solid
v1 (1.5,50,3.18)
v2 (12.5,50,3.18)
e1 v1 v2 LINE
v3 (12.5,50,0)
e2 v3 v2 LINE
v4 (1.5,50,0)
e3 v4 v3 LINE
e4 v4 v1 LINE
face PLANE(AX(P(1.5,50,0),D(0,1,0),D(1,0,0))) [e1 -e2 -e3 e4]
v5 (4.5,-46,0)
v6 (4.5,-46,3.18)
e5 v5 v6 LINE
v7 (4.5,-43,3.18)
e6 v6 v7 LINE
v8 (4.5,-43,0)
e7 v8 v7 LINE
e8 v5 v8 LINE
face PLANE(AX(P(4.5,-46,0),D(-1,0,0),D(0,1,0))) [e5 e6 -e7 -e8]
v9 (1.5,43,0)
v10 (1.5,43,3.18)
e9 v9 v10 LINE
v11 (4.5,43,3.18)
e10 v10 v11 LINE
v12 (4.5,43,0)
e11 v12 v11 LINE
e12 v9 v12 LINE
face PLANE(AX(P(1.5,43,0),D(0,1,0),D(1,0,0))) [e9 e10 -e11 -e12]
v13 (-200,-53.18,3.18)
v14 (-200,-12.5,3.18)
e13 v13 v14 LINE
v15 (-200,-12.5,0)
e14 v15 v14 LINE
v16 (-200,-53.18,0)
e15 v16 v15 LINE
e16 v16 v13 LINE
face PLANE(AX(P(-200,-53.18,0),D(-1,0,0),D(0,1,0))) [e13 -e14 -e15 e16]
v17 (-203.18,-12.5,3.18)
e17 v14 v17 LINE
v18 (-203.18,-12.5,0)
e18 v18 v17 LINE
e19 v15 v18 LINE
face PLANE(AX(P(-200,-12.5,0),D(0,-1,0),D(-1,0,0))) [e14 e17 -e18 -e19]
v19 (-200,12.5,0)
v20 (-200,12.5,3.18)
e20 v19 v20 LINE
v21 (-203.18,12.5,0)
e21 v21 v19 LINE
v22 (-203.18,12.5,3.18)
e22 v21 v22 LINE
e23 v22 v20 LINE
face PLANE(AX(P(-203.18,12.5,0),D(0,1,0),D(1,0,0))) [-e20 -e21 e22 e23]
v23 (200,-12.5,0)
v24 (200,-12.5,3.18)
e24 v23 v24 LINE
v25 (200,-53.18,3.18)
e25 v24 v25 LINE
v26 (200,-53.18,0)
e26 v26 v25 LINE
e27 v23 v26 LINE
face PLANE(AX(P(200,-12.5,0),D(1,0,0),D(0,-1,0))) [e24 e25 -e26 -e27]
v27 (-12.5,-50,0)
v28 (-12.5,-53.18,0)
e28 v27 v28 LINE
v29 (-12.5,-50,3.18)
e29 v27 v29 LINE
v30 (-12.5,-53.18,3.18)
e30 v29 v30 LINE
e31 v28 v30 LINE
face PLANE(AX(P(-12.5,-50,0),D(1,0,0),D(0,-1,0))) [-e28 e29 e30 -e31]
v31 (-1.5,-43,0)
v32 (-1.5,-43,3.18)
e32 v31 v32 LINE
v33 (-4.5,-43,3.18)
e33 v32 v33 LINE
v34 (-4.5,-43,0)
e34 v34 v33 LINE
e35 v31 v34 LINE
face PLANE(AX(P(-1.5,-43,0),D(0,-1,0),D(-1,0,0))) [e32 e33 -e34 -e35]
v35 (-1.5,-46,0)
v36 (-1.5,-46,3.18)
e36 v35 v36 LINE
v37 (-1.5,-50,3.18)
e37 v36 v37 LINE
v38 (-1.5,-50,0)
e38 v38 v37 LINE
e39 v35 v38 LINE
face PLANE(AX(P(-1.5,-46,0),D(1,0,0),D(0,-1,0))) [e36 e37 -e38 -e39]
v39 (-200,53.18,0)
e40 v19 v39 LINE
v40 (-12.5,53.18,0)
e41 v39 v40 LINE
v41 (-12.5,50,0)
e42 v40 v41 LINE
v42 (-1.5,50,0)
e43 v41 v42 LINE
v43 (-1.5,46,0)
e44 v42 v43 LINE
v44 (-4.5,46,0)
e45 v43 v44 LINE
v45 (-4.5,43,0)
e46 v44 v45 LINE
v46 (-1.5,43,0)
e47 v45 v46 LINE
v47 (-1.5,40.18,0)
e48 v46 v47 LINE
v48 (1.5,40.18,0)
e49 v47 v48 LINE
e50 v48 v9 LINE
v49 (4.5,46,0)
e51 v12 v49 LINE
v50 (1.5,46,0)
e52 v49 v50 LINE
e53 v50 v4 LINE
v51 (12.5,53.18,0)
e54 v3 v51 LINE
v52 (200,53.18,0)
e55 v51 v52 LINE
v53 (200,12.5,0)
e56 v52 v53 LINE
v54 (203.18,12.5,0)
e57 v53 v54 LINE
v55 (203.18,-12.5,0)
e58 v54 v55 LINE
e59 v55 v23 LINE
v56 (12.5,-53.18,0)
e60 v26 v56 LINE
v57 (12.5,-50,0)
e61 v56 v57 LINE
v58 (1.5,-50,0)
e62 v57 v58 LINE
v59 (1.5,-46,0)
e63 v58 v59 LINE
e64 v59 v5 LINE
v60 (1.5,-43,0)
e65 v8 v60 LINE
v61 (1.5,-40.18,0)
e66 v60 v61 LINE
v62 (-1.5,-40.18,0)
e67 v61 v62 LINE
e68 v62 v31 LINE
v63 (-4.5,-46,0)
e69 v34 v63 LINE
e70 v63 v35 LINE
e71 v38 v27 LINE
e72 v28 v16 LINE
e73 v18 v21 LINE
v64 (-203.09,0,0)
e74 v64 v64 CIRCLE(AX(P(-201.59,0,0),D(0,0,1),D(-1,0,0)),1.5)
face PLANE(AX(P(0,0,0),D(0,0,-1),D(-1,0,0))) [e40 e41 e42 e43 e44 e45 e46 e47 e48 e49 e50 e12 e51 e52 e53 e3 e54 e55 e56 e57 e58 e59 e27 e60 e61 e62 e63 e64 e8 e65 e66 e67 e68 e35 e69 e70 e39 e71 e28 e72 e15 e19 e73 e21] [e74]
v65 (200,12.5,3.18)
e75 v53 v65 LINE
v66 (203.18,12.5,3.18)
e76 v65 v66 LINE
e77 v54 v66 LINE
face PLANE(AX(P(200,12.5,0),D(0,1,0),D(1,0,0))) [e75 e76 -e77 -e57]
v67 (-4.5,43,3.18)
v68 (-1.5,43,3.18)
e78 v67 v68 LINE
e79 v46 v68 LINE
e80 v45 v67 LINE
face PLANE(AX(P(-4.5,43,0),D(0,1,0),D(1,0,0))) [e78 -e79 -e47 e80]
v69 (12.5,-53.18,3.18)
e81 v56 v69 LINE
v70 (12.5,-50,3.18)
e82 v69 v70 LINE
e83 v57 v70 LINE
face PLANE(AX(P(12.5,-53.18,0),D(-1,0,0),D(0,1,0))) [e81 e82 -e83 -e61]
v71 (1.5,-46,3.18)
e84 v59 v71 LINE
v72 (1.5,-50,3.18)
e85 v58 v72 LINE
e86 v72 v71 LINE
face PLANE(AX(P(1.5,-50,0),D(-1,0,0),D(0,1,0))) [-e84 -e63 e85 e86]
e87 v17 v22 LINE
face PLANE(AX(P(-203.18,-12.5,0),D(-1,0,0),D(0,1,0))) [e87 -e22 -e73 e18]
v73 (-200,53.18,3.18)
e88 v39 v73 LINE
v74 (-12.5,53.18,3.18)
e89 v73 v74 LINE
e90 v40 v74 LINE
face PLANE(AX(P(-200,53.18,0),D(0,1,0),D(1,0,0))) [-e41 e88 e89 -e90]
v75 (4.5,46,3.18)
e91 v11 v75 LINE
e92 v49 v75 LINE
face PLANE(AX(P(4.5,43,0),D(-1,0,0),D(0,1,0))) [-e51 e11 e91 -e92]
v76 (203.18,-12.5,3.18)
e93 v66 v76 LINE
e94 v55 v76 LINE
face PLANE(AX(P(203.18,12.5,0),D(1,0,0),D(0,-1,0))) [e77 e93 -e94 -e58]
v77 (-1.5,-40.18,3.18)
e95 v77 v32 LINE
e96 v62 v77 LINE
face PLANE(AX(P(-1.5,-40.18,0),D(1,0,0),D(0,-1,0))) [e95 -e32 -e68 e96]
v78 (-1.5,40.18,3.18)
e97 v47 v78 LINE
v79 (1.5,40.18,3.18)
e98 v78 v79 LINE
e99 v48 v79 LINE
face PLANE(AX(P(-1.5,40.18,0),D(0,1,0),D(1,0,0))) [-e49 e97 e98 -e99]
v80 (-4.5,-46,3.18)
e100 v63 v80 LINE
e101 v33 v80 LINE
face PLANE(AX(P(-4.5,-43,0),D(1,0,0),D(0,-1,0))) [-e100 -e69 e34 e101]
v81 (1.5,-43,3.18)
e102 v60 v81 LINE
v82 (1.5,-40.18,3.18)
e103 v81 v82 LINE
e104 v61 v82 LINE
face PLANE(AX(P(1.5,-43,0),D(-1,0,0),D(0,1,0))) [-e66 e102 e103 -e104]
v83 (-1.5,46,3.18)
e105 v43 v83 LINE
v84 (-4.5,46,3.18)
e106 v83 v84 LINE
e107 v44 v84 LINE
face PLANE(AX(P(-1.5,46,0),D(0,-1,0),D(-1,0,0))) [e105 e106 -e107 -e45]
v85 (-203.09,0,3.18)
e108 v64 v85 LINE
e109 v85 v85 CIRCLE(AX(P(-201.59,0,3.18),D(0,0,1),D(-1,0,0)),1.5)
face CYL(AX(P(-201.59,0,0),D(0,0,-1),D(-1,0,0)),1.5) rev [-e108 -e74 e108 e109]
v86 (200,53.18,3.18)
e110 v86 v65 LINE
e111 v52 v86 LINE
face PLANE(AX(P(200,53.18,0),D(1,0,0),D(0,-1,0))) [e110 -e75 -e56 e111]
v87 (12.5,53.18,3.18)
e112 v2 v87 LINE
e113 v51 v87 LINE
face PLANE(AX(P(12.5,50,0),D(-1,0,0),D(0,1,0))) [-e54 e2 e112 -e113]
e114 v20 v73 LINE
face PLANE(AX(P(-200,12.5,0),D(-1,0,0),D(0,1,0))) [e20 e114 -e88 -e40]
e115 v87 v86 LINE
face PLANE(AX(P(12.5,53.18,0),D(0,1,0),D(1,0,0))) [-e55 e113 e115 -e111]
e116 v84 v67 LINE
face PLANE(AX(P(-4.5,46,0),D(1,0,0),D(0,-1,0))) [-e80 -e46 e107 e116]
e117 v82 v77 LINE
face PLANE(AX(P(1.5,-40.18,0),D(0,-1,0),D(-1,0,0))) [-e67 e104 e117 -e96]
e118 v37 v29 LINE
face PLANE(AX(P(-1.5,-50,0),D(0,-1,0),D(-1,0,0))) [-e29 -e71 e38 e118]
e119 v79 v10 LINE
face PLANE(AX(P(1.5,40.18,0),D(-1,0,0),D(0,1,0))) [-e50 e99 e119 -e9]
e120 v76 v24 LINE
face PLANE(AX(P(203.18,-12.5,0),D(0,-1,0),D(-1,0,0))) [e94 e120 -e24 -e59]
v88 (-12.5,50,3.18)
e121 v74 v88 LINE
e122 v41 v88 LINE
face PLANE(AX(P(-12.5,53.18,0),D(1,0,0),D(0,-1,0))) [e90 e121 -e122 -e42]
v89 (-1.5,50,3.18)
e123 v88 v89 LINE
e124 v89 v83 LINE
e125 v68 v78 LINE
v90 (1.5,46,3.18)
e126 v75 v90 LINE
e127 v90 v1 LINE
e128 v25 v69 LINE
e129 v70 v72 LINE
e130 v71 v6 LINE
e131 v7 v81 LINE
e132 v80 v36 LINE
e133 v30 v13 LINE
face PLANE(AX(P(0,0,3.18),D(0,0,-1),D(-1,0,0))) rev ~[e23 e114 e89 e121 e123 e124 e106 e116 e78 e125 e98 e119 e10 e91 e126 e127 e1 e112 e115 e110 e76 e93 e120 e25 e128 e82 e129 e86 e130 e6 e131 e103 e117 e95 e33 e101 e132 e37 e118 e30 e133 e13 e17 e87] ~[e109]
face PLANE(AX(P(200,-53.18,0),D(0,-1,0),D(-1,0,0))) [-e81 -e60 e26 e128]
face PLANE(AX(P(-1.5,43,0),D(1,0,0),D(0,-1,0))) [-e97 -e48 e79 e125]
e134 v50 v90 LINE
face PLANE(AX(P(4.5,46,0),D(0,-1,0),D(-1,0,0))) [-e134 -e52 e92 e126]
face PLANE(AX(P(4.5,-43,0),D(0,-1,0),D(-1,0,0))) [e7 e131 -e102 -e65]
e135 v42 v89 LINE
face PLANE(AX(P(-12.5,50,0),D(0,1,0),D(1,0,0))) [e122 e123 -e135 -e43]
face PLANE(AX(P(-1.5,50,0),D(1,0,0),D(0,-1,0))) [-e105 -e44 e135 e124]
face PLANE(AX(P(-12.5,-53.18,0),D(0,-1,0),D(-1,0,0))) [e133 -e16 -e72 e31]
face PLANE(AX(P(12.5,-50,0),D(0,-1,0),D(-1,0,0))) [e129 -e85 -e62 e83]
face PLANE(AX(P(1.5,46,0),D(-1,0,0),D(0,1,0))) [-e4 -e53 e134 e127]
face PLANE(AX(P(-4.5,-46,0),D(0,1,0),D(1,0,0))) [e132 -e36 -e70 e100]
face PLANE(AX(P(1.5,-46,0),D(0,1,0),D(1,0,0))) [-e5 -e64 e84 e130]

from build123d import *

# Parameters (mm, degrees)
SKETCH1_R           = 1.5
BOSS_EXTRUDE1_DEPTH = 3.18


with BuildPart() as part:
    # Sketch1 → Boss-Extrude1 (new body)
    with BuildSketch(Plane.XY):
        Polygon((-200, 53.18), (-12.5, 53.18), (-12.5, 50), (-1.5, 50), (-1.5, 46), (-4.5, 46), (-4.5, 43), (-1.5, 43), (-1.5, 40.18), (1.5, 40.18), (1.5, 43), (4.5, 43), (4.5, 46), (1.5, 46), (1.5, 50), (12.5, 50), (12.5, 53.18), (200, 53.18), (200, 12.5), (203.18, 12.5), (203.18, -12.5), (200, -12.5), (200, -53.18), (12.5, -53.18), (12.5, -50), (1.5, -50), (1.5, -46), (4.5, -46), (4.5, -43), (1.5, -43), (1.5, -40.18), (-1.5, -40.18), (-1.5, -43), (-4.5, -43), (-4.5, -46), (-1.5, -46), (-1.5, -50), (-12.5, -50), (-12.5, -53.18), (-200, -53.18), (-200, -12.5), (-203.18, -12.5), (-203.18, 12.5), (-200, 12.5), align=None)
        with Locations(Location((-201.59, 0, 0), (0, 0, 180))):
            Circle(SKETCH1_R, mode=Mode.SUBTRACT)
    extrude(amount=BOSS_EXTRUDE1_DEPTH)


solid = part.part
